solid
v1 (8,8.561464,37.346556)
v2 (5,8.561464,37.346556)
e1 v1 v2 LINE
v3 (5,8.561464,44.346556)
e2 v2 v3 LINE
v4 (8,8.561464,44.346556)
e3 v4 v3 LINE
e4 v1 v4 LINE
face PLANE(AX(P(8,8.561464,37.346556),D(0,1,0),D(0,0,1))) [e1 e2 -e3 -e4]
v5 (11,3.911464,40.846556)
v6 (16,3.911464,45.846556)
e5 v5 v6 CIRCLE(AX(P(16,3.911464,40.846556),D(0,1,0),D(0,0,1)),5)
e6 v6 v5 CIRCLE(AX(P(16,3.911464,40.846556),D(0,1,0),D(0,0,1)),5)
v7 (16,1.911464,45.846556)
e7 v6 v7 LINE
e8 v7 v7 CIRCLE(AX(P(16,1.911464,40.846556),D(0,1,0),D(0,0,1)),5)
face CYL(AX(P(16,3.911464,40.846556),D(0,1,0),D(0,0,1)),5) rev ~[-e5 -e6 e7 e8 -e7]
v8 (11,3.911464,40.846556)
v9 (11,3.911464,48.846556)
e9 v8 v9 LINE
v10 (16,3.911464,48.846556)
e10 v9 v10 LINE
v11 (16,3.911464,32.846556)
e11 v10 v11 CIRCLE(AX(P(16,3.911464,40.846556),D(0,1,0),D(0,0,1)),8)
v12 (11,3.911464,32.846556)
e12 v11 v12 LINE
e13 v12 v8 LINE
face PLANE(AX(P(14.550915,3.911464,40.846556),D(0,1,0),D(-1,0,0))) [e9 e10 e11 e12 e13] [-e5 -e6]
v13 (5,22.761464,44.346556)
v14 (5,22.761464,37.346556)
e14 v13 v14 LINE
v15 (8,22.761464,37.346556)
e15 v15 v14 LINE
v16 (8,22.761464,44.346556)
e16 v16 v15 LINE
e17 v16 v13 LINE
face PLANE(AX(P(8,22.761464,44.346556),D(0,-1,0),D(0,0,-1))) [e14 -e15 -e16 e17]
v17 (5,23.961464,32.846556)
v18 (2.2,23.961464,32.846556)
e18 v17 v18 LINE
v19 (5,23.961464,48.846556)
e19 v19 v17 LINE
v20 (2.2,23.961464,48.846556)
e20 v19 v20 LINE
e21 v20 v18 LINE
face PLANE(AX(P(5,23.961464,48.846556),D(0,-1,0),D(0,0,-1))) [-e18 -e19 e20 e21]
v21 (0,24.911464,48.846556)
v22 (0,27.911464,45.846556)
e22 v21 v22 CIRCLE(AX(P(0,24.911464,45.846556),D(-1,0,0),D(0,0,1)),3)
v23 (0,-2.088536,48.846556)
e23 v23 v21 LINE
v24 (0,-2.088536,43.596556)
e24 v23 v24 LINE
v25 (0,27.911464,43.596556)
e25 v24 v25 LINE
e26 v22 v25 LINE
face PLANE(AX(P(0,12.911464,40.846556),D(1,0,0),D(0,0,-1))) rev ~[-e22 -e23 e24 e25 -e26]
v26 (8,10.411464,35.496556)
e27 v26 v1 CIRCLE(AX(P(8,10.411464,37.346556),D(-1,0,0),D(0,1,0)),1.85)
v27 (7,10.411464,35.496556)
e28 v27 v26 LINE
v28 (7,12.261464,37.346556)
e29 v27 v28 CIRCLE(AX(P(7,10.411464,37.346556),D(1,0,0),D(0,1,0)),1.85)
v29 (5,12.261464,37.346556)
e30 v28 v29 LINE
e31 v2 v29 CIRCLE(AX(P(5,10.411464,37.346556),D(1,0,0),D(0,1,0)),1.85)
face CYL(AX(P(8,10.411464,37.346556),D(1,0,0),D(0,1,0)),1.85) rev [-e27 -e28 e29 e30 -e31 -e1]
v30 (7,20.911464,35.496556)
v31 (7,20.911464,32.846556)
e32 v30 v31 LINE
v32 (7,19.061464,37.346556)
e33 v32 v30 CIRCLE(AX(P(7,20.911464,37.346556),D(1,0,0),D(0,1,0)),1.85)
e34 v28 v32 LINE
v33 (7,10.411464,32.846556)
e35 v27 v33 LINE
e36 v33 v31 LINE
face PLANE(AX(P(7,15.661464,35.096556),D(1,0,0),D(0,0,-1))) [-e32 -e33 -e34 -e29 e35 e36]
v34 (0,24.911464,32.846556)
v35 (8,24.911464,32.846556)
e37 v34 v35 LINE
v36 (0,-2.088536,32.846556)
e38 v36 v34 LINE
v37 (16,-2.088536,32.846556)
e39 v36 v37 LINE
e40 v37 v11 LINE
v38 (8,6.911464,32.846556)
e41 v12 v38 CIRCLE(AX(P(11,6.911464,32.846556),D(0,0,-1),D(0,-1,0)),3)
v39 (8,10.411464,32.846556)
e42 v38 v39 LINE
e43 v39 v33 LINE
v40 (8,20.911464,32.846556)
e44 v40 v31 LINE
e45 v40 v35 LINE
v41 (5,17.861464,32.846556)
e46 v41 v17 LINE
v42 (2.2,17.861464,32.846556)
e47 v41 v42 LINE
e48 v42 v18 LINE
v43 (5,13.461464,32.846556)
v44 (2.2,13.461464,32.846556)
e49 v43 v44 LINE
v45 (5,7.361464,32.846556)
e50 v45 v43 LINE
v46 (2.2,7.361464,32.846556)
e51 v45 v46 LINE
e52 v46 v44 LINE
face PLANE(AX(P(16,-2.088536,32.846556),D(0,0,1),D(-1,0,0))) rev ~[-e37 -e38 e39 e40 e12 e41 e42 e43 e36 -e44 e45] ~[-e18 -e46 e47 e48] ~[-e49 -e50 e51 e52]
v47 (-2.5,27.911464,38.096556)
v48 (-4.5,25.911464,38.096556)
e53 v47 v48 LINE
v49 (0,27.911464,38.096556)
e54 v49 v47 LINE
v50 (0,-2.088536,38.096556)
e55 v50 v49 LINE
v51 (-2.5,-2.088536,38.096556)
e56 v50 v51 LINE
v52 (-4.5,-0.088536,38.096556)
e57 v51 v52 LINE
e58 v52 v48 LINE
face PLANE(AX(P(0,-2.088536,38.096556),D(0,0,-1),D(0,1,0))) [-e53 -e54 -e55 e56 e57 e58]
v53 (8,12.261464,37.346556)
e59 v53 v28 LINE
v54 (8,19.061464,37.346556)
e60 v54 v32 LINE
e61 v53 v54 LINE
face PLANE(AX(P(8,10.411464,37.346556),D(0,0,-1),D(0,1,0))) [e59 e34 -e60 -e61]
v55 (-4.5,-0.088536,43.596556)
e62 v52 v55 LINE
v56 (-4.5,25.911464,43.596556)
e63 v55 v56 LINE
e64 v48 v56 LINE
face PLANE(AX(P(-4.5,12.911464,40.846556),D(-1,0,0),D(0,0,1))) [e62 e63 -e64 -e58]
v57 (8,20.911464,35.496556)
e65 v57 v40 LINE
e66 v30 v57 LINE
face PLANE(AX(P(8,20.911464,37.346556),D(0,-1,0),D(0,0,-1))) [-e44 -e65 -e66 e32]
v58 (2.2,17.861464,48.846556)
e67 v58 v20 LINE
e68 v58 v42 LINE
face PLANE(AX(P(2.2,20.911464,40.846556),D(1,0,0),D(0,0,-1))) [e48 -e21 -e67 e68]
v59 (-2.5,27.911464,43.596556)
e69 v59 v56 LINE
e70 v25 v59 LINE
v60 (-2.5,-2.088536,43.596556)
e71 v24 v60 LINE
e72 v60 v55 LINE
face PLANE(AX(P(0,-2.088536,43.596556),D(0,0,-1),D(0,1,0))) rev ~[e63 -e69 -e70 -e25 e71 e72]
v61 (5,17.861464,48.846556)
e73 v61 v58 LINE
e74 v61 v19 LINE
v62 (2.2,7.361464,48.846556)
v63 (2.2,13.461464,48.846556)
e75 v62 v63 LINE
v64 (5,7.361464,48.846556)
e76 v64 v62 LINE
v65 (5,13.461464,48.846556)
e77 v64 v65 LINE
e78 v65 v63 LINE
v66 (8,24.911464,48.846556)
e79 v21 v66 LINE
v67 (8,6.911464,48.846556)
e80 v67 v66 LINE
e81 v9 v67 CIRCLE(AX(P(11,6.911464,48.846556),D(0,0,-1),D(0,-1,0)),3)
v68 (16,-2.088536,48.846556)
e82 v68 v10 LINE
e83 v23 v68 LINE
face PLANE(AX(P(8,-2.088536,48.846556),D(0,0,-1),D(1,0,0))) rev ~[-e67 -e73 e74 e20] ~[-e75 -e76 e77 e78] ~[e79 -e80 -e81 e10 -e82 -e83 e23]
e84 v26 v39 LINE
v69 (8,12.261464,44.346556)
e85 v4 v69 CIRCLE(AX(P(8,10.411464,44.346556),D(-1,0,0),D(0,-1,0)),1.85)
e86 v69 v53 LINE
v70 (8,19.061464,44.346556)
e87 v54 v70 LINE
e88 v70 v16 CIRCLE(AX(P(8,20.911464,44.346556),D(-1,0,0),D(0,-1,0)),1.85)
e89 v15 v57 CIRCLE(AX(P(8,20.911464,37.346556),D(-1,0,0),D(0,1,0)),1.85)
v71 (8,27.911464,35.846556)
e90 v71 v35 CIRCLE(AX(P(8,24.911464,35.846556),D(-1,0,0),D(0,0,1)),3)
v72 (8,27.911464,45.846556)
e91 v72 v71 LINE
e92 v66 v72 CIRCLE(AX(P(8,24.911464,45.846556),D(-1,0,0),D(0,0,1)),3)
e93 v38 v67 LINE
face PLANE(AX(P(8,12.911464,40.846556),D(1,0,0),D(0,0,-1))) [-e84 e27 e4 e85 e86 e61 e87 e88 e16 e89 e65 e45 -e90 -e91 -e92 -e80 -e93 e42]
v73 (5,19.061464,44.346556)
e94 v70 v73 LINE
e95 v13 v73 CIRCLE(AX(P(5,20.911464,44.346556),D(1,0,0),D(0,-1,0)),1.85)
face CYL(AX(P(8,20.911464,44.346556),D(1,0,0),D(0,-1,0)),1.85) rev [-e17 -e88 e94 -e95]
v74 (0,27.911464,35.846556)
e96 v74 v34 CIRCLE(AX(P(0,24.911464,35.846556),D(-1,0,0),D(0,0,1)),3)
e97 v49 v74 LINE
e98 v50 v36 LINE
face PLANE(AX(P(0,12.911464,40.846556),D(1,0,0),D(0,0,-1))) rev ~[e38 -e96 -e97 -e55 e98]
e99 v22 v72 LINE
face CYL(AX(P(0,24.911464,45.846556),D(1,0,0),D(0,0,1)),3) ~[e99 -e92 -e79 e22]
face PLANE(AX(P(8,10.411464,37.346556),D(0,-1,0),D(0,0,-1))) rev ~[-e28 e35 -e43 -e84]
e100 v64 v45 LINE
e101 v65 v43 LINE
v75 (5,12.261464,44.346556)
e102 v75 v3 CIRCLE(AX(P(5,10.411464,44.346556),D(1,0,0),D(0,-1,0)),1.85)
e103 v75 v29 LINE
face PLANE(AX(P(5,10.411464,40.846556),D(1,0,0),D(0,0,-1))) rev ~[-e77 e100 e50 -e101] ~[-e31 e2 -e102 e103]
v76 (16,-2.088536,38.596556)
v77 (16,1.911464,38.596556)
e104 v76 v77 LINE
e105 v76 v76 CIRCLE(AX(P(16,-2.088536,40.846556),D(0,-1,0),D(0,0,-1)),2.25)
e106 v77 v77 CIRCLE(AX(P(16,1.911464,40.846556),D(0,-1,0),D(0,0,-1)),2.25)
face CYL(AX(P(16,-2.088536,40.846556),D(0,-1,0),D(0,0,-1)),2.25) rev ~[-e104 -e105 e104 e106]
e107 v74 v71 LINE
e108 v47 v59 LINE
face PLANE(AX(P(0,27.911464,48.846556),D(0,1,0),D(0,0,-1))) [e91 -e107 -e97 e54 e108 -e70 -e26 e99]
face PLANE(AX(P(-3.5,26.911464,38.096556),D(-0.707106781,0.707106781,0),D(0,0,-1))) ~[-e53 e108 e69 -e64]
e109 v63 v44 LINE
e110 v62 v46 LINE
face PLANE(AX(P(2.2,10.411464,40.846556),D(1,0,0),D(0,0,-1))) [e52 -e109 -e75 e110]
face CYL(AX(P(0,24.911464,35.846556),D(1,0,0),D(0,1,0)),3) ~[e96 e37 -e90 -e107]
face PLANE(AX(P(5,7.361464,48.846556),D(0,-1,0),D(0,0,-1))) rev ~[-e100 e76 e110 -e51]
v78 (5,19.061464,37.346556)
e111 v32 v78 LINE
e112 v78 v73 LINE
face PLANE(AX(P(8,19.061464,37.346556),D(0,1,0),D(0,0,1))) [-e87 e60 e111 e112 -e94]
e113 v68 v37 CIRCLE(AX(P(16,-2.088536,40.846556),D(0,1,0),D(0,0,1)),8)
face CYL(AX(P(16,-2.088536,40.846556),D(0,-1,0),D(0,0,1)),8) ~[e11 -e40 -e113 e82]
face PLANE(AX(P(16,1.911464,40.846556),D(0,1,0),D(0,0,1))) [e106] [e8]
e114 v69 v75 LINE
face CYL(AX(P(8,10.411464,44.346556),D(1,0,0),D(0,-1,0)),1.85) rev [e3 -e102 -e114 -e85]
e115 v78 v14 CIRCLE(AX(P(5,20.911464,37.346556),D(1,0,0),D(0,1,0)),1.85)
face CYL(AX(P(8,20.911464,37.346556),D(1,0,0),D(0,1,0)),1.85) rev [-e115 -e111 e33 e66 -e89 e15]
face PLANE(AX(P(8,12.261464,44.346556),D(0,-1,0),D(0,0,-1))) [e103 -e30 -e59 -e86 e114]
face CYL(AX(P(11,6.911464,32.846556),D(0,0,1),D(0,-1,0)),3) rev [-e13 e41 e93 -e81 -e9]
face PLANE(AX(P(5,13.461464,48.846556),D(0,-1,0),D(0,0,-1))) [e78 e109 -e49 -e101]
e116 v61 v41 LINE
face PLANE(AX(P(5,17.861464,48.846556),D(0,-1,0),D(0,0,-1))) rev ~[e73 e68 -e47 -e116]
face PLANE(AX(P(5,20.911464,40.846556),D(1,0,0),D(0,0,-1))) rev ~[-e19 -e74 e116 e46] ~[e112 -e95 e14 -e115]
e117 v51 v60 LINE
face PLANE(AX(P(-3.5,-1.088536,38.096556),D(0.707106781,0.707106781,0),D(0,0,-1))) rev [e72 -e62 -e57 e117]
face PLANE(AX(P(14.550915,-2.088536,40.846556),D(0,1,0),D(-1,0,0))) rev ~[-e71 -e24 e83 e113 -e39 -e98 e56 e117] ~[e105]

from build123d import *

# Parameters (mm, degrees)
SKETCH1_W           = 16
SKETCH1_H           = 30
BOSS_EXTRUDE1_DEPTH = 8
SKETCH2_W           = 5.5
SKETCH2_H           = 30
BOSS_EXTRUDE2_DEPTH = 4.5
CHAMFER1_SIZE       = 2
SKETCH6_R           = 2.25
BOSS_EXTRUDE3_DEPTH = 6
FILLET6_R           = 3
CUT_EXTRUDE1_START  = -3
SKETCH7_W           = 16
SKETCH7_H           = 6.1
CUT_EXTRUDE1_DEPTH  = 2.8
CUT_EXTRUDE2_DEPTH  = 5
SKETCH9_W           = 4.5
SKETCH9_H           = 10.5
CUT_EXTRUDE3_DEPTH  = 1
SKETCH10_R          = 5
CUT_EXTRUDE4_DEPTH  = 2
FILLET7_R           = 3


with BuildPart() as part:
    # Sketch1 → Boss-Extrude1 (new body)
    with BuildSketch(Plane(origin=(0, 0, 0), x_dir=(0, 0, -1), z_dir=(1, 0, 0))):
        with Locations((-40.846556001, 12.91146402)):
            Rectangle(SKETCH1_W, SKETCH1_H)
    extrude(amount=BOSS_EXTRUDE1_DEPTH)

    # Sketch2 → Boss-Extrude2 (add)
    with BuildSketch(Plane.ZY):
        with Locations((40.846556001, 12.91146402)):
            Rectangle(SKETCH2_W, SKETCH2_H)
    extrude(amount=BOSS_EXTRUDE2_DEPTH)

    # Chamfer1
    chamfer1_edges = [part.edges().sort_by_distance(p)[0] for p in [
        (-4.5, -2.08853598, 40.846556001),
        (-4.5, 27.91146402, 40.846556001),
    ]]
    chamfer(chamfer1_edges, length=CHAMFER1_SIZE)

    # Sketch6 → Boss-Extrude3 (add)
    with BuildSketch(Plane.XZ.offset(2.08853598)):
        with BuildLine():
            Line((8, 48.846556001), (16, 48.846556001))
            ThreePointArc((16, 48.846556001), (24, 40.846556001), (16, 32.846556001))
            Line((16, 32.846556001), (8, 32.846556001))
            Line((8, 32.846556001), (8, 48.846556001))
        make_face()
        with Locations(Location((16, 40.846556001, 0), (0, 0, 270))):
            Circle(SKETCH6_R, mode=Mode.SUBTRACT)
    extrude(amount=-BOSS_EXTRUDE3_DEPTH)

    # Fillet6
    fillet6_edges = [part.edges().sort_by_distance(p)[0] for p in [
        (8, 3.91146402, 40.846556001),
    ]]
    fillet(fillet6_edges, radius=FILLET6_R)

    # Sketch7 → Cut-Extrude1 (cut)
    with BuildSketch(Plane(origin=(8, 0, 0), x_dir=(0, 0, -1), z_dir=(1, 0, 0)).offset(CUT_EXTRUDE1_START)):
        with Locations((-40.846556001, 20.91146402)):
            Rectangle(SKETCH7_W, SKETCH7_H)
        with Locations((-40.846556001, 10.41146402)):
            Rectangle(SKETCH7_W, SKETCH7_H)
    extrude(amount=-CUT_EXTRUDE1_DEPTH, mode=Mode.SUBTRACT)

    # Sketch8 → Cut-Extrude2 (cut)
    with BuildSketch(Plane(origin=(8, 0, 0), x_dir=(0, 0, -1), z_dir=(1, 0, 0))):
        with BuildLine():
            Line((-44.346556001, 22.76146402), (-37.346556001, 22.76146402))
            ThreePointArc((-37.346556001, 22.76146402), (-35.496556001, 20.91146402), (-37.346556001, 19.06146402))
            Line((-37.346556001, 19.06146402), (-44.346556001, 19.06146402))
            ThreePointArc((-44.346556001, 19.06146402), (-46.196556001, 20.91146402), (-44.346556001, 22.76146402))
        make_face()
        with BuildLine():
            Line((-44.346556001, 12.26146402), (-37.346556001, 12.26146402))
            ThreePointArc((-37.346556001, 12.26146402), (-35.496556001, 10.41146402), (-37.346556001, 8.56146402))
            Line((-37.346556001, 8.56146402), (-44.346556001, 8.56146402))
            ThreePointArc((-44.346556001, 8.56146402), (-46.196556001, 10.41146402), (-44.346556001, 12.26146402))
        make_face()
    extrude(amount=-CUT_EXTRUDE2_DEPTH, mode=Mode.SUBTRACT)

    # Sketch9 → Cut-Extrude3 (cut)
    with BuildSketch(Plane(origin=(8, 0, 0), x_dir=(0, 0, -1), z_dir=(1, 0, 0))):
        with Locations((-35.096556001, 15.66146402)):
            Rectangle(SKETCH9_W, SKETCH9_H)
    extrude(amount=-CUT_EXTRUDE3_DEPTH, mode=Mode.SUBTRACT)

    # Sketch10 → Cut-Extrude4 (cut)
    with BuildSketch(Plane(origin=(0, 3.91146402, 0), x_dir=(1, 0, 0), z_dir=(0, 1, 0))):
        with Locations(Location((16, -40.846556001, 0), (0, 0, 270))):
            Circle(SKETCH10_R)
    extrude(amount=-CUT_EXTRUDE4_DEPTH, mode=Mode.SUBTRACT)

    # Fillet7
    fillet7_edges = [part.edges().sort_by_distance(p)[0] for p in [
        (4, 27.91146402, 32.846556001),
        (4, 27.91146402, 48.846556001),
    ]]
    fillet(fillet7_edges, radius=FILLET7_R)


solid = part.part
